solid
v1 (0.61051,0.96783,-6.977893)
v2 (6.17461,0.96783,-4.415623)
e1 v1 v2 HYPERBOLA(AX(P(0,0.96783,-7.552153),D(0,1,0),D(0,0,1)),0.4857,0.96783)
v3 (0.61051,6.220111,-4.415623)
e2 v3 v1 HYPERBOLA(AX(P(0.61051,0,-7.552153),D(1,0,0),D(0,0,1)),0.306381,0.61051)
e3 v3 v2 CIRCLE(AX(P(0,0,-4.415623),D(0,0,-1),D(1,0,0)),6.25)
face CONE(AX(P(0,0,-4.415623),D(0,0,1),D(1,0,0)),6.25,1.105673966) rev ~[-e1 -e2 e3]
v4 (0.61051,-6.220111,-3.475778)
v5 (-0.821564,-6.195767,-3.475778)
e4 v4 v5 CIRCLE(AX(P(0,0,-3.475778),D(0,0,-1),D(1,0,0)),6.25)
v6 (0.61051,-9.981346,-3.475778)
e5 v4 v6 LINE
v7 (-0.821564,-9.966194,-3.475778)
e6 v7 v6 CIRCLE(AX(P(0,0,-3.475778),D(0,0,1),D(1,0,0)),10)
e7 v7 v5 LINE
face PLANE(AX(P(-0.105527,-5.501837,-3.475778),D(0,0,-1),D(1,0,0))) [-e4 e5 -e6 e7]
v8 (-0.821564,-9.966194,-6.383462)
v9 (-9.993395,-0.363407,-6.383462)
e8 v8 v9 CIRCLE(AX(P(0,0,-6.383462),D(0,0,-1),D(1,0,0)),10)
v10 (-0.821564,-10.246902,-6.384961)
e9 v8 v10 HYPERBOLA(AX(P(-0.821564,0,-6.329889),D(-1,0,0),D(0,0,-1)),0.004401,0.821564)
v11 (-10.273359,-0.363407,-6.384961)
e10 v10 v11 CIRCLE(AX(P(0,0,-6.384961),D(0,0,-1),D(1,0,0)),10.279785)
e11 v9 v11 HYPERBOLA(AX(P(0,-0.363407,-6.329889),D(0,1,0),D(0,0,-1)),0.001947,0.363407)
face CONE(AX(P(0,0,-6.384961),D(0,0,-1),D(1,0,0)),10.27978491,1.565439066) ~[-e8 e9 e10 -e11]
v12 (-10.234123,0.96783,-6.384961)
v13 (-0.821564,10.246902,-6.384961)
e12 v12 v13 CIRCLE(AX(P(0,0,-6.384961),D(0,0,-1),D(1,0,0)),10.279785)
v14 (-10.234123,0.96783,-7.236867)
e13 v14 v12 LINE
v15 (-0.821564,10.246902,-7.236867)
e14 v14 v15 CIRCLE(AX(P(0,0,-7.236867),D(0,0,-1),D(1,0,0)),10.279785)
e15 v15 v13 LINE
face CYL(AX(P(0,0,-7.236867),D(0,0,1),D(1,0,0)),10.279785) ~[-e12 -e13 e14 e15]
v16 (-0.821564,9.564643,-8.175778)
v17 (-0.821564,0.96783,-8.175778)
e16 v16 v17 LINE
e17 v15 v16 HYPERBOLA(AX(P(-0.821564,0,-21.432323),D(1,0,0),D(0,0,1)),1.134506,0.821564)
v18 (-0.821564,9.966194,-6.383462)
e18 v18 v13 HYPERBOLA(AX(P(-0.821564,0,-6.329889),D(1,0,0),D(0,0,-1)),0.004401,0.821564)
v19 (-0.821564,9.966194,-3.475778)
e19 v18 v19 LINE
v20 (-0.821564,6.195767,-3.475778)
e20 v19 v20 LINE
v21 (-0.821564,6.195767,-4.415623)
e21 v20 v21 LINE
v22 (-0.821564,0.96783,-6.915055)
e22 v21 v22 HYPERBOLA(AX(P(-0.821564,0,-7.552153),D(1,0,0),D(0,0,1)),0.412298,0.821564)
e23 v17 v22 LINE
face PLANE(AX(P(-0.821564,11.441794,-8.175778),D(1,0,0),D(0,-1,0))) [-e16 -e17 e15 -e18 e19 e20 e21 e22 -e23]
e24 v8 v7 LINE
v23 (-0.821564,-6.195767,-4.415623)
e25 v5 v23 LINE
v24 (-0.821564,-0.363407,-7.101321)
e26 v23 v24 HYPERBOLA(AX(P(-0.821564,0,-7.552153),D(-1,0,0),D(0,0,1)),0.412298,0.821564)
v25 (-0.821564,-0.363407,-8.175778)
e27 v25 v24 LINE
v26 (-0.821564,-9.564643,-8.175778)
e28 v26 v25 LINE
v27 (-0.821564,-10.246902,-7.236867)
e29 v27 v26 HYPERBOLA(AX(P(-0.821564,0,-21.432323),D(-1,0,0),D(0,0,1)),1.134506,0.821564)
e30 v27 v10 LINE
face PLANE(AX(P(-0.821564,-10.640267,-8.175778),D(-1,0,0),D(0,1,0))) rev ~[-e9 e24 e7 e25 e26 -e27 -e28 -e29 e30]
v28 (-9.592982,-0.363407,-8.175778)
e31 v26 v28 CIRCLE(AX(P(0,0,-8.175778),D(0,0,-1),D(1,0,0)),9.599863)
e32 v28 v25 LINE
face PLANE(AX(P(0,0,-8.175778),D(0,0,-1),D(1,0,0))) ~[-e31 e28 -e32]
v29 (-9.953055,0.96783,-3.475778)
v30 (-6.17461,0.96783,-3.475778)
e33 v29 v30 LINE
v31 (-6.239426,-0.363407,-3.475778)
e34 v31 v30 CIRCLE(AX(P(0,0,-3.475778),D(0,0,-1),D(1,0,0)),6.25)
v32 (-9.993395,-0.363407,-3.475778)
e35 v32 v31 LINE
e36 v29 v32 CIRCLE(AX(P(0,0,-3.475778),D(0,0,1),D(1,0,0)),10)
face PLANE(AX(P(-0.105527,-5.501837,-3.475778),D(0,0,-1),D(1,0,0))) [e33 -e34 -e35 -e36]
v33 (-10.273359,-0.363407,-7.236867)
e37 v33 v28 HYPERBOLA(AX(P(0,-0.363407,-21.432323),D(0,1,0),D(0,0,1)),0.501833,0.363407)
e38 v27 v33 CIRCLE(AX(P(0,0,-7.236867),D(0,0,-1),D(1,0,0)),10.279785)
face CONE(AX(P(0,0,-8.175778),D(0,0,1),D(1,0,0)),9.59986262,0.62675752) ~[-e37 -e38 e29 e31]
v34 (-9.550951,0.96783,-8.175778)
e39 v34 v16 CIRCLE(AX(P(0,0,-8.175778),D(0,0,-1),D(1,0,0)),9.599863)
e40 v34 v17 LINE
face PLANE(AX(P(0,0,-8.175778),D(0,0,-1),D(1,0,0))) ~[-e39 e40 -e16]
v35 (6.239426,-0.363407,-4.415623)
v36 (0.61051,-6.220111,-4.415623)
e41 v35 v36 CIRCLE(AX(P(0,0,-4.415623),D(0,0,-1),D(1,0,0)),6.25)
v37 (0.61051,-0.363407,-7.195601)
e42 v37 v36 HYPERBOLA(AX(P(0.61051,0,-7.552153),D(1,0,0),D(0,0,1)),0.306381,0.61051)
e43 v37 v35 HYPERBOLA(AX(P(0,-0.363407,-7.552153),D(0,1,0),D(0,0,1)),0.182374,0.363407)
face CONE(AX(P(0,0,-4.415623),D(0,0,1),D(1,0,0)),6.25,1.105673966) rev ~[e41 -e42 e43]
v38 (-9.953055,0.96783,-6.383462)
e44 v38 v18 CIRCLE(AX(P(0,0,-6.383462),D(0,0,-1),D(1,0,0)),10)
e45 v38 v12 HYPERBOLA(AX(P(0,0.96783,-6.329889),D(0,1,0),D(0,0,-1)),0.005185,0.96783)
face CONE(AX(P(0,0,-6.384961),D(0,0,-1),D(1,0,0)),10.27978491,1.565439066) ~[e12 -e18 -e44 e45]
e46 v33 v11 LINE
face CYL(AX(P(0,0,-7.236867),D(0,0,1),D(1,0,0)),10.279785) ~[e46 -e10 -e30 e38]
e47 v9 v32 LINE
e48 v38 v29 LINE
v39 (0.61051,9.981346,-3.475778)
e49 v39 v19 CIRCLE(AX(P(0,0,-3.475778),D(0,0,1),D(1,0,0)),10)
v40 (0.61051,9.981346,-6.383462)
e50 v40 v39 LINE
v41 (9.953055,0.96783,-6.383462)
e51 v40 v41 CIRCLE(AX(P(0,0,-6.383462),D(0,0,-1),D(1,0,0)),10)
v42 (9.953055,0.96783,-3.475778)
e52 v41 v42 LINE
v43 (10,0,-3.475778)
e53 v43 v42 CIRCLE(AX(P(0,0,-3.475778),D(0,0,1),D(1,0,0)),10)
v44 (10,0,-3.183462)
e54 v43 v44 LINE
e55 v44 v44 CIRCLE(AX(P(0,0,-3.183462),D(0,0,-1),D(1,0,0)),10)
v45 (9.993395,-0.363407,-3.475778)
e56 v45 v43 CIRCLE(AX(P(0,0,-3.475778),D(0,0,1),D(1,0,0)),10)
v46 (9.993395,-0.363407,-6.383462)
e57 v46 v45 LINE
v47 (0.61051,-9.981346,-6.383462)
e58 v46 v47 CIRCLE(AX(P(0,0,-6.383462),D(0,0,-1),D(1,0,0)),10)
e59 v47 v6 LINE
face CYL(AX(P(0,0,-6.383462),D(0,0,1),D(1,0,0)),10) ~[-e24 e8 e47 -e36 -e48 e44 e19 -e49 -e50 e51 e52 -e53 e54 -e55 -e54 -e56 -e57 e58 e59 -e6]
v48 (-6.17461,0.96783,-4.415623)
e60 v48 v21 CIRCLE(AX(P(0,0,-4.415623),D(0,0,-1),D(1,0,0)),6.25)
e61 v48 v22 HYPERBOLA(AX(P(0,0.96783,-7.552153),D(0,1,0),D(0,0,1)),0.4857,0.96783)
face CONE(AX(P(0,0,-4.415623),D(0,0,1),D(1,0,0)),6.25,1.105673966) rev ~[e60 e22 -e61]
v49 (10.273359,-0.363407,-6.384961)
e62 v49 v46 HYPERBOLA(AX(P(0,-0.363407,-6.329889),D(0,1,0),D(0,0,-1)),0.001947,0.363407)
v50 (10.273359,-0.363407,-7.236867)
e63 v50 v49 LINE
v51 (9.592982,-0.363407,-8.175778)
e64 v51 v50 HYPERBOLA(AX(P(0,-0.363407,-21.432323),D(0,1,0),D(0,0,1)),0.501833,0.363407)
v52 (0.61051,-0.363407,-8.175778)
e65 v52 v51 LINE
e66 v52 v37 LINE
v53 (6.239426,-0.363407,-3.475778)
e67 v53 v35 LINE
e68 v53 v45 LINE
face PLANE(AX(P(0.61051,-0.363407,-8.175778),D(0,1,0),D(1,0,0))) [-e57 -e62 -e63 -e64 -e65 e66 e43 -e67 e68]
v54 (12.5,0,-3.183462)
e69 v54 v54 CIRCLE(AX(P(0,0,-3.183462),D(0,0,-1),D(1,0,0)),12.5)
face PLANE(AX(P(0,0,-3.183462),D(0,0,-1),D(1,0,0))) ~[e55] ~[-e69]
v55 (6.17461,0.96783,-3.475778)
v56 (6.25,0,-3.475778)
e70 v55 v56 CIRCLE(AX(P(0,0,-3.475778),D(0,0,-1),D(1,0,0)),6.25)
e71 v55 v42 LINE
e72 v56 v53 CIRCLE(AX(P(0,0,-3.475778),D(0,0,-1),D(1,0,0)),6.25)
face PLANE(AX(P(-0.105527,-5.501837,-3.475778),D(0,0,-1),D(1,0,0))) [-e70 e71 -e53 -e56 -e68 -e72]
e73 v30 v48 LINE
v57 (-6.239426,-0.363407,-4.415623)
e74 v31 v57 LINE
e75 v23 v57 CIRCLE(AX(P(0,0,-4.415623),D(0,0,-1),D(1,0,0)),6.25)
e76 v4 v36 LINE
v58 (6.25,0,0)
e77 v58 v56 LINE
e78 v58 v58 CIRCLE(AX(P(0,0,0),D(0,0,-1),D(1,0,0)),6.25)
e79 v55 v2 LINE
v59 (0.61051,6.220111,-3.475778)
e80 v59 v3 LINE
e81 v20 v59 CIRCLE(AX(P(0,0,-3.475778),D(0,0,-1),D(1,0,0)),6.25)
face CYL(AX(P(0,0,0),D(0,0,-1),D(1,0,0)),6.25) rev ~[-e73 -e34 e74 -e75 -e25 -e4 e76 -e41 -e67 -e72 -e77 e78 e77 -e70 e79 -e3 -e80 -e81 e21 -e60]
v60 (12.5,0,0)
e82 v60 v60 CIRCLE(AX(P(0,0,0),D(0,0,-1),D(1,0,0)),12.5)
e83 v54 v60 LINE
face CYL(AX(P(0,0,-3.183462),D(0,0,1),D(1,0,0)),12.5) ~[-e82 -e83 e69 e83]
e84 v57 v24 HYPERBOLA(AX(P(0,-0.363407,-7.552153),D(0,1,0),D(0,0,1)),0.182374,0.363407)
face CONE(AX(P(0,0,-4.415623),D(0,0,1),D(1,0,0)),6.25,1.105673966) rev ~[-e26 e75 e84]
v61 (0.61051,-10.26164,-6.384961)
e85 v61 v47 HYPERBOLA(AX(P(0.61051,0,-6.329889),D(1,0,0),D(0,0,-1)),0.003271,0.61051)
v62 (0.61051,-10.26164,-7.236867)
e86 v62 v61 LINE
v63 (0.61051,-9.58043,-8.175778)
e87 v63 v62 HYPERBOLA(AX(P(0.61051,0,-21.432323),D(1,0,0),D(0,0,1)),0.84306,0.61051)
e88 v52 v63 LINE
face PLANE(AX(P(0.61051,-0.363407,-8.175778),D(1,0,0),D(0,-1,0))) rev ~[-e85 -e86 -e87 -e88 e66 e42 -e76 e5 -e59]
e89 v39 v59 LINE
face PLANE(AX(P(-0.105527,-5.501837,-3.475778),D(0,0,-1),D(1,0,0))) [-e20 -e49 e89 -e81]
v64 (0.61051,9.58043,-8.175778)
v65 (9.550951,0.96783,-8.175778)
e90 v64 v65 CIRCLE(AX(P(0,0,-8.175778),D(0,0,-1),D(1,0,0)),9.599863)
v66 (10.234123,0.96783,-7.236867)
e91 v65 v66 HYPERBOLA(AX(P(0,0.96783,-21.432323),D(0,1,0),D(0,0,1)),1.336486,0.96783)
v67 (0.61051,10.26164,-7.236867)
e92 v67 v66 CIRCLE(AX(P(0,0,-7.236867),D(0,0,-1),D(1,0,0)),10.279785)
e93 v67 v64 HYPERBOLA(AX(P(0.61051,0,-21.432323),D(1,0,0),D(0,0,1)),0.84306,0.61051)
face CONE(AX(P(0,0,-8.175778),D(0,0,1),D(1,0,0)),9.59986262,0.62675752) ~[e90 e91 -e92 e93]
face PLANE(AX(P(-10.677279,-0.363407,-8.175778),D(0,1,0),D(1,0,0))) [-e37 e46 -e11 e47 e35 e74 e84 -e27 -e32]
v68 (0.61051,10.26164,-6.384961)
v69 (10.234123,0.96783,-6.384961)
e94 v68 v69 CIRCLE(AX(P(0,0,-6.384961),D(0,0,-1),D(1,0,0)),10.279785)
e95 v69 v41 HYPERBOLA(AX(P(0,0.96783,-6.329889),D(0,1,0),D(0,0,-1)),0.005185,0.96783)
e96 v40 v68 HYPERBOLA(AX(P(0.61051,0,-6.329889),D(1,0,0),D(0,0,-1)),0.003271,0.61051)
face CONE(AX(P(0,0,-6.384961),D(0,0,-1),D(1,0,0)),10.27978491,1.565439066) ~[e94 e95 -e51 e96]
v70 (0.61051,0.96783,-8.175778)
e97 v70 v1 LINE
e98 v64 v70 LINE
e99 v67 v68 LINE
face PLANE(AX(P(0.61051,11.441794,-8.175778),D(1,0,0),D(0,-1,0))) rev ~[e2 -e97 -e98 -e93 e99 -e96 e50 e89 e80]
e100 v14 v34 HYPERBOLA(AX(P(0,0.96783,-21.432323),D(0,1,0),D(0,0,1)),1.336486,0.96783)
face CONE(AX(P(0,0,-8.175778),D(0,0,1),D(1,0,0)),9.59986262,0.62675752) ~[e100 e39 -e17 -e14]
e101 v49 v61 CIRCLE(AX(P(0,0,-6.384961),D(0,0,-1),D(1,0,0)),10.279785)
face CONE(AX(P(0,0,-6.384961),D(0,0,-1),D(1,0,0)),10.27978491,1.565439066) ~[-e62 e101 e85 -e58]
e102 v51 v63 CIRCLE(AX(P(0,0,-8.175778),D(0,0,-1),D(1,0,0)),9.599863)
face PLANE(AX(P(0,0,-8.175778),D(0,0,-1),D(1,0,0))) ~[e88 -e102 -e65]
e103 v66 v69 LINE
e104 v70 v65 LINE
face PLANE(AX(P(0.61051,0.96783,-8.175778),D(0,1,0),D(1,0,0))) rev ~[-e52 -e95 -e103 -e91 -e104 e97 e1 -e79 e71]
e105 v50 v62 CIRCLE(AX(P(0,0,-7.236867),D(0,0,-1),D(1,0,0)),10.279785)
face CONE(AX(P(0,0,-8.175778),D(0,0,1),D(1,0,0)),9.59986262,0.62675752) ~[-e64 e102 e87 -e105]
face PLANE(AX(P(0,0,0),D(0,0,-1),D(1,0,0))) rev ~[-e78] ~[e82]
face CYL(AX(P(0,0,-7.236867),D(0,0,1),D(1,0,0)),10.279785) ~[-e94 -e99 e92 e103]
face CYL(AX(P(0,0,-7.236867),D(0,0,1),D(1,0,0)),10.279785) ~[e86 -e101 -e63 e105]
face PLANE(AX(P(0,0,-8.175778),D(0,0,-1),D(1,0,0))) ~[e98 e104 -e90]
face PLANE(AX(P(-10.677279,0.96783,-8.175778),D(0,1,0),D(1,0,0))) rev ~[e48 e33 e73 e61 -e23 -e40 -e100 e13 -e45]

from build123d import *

# Parameters (mm, degrees)
F2_W     = 1.4320742339
F2_H     = 10.2768599463
F2_H_2   = 1.3312373485
F2_W_2   = 9.8557149176
F2_W_3   = 10.3864191915
F2_H_3   = 10.473964212
F3_DEPTH = 4.7


with BuildPart() as f1:
    # F0 (on Front) → F1 (revolve)
    with BuildSketch(Plane.XZ):
        Polygon((12.5, -3.1834620679), (12.5, 0), (6.25, 0), (6.25, -4.415623378), (0, -7.5521533836), (0, -8.1757782027), (9.5998626202, -8.1757782027), (10.2797849104, -7.2368667919), (10.2797849104, -6.384960963), (10, -6.3834620679), (10, -3.1834620679), align=None)
    revolve(axis=Axis((0, 0, -7.8639657932), (0, 0, -1)))

    # F2 (on face) → F3 (cut)
    with BuildSketch(Plane(origin=(0, 0, -8.1757782027), x_dir=(1, 0, 0), z_dir=(0, 0, -1))):
        with Locations((-0.1055269386, 5.5018373096)):
            Rectangle(F2_W, F2_H)
        with Locations((-0.1055269386, -0.3022113378)):
            Rectangle(F2_W, F2_H_2)
        with Locations((-5.7494215143, -0.3022113378)):
            Rectangle(F2_W_2, F2_H_2)
        with Locations((5.8037197741, -0.3022113378)):
            Rectangle(F2_W_3, F2_H_2)
        with Locations((-0.1055269386, -6.2048121181)):
            Rectangle(F2_W, F2_H_3)
    extrude(amount=-F3_DEPTH, mode=Mode.SUBTRACT)


solid = f1.part
